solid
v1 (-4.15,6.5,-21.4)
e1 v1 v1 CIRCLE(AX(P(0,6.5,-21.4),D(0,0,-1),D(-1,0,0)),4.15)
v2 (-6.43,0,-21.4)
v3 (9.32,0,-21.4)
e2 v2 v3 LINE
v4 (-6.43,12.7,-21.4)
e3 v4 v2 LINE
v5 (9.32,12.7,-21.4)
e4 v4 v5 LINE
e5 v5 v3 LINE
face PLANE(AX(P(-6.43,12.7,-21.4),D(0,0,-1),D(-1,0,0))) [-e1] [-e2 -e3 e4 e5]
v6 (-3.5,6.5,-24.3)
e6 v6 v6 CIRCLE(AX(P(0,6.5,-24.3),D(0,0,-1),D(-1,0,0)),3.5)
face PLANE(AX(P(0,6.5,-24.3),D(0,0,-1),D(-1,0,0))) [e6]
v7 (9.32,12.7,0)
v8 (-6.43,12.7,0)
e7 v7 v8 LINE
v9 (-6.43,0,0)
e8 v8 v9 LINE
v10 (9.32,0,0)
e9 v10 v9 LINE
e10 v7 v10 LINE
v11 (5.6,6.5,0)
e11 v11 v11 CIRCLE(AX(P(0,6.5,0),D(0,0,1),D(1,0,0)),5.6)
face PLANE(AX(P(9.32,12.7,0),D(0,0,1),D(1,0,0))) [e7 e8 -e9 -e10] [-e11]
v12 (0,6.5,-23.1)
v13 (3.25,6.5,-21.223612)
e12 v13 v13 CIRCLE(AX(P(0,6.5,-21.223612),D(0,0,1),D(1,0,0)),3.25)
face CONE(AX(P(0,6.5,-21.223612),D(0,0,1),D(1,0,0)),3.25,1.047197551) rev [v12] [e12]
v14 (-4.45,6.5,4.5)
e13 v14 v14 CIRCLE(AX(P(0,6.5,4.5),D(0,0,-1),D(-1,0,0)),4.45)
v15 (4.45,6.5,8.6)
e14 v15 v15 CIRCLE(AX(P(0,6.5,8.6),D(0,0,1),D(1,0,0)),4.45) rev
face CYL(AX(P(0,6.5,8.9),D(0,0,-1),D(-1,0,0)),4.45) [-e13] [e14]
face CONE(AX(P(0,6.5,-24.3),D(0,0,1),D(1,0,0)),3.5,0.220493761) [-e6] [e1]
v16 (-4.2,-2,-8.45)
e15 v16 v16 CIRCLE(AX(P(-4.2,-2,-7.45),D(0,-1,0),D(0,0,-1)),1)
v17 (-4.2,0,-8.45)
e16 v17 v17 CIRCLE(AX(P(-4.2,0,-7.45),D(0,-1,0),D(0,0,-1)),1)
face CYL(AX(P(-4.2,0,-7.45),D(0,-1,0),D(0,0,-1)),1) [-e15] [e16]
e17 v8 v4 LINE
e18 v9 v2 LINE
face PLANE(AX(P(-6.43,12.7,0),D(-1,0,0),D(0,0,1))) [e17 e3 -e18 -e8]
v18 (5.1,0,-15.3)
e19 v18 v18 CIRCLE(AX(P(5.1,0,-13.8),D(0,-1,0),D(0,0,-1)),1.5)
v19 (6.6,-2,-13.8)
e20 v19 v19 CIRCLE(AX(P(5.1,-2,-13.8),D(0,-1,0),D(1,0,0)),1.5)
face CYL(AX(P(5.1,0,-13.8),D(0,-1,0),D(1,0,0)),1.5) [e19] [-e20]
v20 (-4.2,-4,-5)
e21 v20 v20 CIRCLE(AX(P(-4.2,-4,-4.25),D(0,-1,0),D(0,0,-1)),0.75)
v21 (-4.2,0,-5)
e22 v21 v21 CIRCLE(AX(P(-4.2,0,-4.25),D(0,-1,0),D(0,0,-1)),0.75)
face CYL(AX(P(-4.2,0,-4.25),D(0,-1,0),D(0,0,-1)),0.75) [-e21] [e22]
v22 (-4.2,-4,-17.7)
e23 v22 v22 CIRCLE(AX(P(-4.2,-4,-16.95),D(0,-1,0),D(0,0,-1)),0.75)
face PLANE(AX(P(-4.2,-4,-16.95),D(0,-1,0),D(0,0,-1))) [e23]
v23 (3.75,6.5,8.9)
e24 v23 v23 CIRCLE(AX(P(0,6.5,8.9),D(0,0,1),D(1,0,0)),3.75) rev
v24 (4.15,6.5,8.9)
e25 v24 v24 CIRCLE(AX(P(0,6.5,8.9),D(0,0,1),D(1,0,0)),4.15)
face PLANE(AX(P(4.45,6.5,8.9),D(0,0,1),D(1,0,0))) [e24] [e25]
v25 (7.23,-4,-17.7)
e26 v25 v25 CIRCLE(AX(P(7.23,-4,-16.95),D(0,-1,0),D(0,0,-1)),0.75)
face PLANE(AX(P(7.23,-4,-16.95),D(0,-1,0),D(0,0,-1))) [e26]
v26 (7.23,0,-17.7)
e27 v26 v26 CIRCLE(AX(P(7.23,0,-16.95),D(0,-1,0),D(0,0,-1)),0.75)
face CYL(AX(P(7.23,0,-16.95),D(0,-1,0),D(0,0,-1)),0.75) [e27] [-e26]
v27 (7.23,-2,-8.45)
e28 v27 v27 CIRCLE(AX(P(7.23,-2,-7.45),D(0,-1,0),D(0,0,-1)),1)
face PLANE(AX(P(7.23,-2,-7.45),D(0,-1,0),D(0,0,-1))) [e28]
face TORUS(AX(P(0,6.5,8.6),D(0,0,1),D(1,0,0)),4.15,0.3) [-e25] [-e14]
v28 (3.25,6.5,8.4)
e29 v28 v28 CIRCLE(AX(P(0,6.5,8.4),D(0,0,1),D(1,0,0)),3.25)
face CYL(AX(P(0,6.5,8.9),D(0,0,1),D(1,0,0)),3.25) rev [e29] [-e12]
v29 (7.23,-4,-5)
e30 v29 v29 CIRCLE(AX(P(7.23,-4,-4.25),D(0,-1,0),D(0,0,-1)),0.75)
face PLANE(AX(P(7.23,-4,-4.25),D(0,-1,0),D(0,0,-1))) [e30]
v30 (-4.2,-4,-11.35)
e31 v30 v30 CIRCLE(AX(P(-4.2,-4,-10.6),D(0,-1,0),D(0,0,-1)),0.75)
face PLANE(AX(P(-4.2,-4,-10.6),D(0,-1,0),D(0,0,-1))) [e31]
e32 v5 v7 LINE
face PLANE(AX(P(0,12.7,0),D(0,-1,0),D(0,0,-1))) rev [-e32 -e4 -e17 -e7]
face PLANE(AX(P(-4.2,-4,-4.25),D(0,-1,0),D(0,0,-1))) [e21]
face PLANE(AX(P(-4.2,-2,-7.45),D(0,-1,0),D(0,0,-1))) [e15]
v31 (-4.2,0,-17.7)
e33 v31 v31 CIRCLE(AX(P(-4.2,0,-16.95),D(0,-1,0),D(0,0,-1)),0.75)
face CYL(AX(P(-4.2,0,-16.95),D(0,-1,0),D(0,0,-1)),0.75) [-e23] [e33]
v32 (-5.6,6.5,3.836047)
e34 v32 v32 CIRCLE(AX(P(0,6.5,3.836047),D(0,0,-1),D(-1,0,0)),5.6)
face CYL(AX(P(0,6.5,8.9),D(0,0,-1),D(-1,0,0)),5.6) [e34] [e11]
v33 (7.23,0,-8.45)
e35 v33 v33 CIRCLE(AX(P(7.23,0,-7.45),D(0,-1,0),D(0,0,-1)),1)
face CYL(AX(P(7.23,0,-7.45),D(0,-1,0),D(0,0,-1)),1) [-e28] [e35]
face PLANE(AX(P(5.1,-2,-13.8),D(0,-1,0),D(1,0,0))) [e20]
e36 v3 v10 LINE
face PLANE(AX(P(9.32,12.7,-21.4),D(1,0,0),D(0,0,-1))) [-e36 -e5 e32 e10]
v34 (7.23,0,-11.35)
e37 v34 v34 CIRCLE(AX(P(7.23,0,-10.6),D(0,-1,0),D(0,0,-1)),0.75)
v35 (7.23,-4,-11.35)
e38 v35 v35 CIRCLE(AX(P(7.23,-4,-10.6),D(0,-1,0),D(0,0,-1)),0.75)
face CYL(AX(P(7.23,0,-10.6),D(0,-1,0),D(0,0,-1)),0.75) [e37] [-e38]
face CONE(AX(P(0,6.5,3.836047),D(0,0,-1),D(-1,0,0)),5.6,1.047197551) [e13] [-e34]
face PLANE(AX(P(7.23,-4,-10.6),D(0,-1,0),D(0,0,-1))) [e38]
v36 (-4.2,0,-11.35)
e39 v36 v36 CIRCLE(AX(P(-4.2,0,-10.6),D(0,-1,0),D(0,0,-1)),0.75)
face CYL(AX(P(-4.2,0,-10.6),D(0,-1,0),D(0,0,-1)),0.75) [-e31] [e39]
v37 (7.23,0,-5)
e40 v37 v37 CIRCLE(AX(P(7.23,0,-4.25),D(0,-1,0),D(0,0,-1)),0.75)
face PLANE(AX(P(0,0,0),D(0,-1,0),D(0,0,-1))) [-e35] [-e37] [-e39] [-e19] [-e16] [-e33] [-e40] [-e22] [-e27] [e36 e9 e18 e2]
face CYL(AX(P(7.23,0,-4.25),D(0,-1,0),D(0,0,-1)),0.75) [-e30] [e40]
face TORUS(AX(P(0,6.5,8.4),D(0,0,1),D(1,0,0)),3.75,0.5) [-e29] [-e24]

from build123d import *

# Parameters (mm, degrees)
SKETCH1_W                      = 15.75
SKETCH1_H                      = 21.4
BOSS_EXTRUDE1_DEPTH            = 12.7
SKETCH3_W                      = 0.75
SKETCH3_H                      = 4
SKETCH4_W                      = 0.75
SKETCH4_H                      = 4
SKETCH5_W                      = 0.75
SKETCH5_H                      = 4
SKETCH6_W                      = 0.75
SKETCH6_H                      = 4
SKETCH7_W                      = 0.75
SKETCH7_H                      = 4
SKETCH8_W                      = 0.75
SKETCH8_H                      = 4
SKETCH9_W                      = 1.5
SKETCH9_H                      = 2
SKETCH10_W                     = 1
SKETCH10_H                     = 2
SKETCH11_W                     = 1
SKETCH11_H                     = 2
F_6_5_6_5_DIAMETER_HOLE1_D     = 6.5
F_6_5_6_5_DIAMETER_HOLE1_DEPTH = 30.123611625
F_6_5_6_5_DIAMETER_HOLE1_TIP   = 1.876388375
FILLET1_R                      = 0.3
FILLET2_R                      = 0.5


with BuildPart() as part:
    # Sketch1 → Boss-Extrude1 (new body)
    with BuildSketch(Plane.XZ):
        with Locations((1.445, -10.7)):
            Rectangle(SKETCH1_W, SKETCH1_H)
    extrude(amount=-BOSS_EXTRUDE1_DEPTH)

    # Sketch2 → Revolve1 (revolve)
    with BuildSketch(Plane.XZ.offset(-6.5)):
        Polygon((4.15, -21.4), (0, -21.4), (0, -24.3), (3.5, -24.3), align=None)
    revolve(axis=Axis((0, 6.5, -21.4), (0, 0, -1)))

    # Sketch3 → Contact Pin #1 (revolve)
    with BuildSketch(Plane.XY.offset(-10.6)):
        with Locations((-3.825, -2)):
            Rectangle(SKETCH3_W, SKETCH3_H)
    revolve(axis=Axis((-4.2, 0, -10.6), (0, -1, 0)))

    # Sketch4 → Contact Pin #2 (revolve)
    with BuildSketch(Plane.XY.offset(-10.6)):
        with Locations((7.605, -2)):
            Rectangle(SKETCH4_W, SKETCH4_H)
    revolve(axis=Axis((7.23, 0, -10.6), (0, -1, 0)))

    # Sketch5 → Contact Pin #3 (revolve)
    with BuildSketch(Plane.XY.offset(-16.95)):
        with Locations((-3.825, -2)):
            Rectangle(SKETCH5_W, SKETCH5_H)
    revolve(axis=Axis((-4.2, 0, -16.95), (0, -1, 0)))

    # Sketch6 → Contact Pin #4 (revolve)
    with BuildSketch(Plane.XY.offset(-4.25)):
        with Locations((-3.825, -2)):
            Rectangle(SKETCH6_W, SKETCH6_H)
    revolve(axis=Axis((-4.2, 0, -4.25), (0, -1, 0)))

    # Sketch7 → Contact Pin #5 (revolve)
    with BuildSketch(Plane.XY.offset(-16.95)):
        with Locations((7.605, -2)):
            Rectangle(SKETCH7_W, SKETCH7_H)
    revolve(axis=Axis((7.23, 0, -16.95), (0, -1, 0)))

    # Sketch8 → Contact Pin #6 (revolve)
    with BuildSketch(Plane.XY.offset(-4.25)):
        with Locations((7.605, -2)):
            Rectangle(SKETCH8_W, SKETCH8_H)
    revolve(axis=Axis((7.23, 0, -4.25), (0, -1, 0)))

    # Sketch9 → Revolve8 (revolve)
    with BuildSketch(Plane.XY.offset(-13.8)):
        with Locations((5.85, -1)):
            Rectangle(SKETCH9_W, SKETCH9_H)
    revolve(axis=Axis((5.1, 0, -13.8), (0, -1, 0)))

    # Sketch10 → Revolve9 (revolve)
    with BuildSketch(Plane.XY.offset(-7.45)):
        with Locations((7.73, -1)):
            Rectangle(SKETCH10_W, SKETCH10_H)
    revolve(axis=Axis((7.23, 0, -7.45), (0, -1, 0)))

    # Sketch11 → Revolve10 (revolve)
    with BuildSketch(Plane.XY.offset(-7.45)):
        with Locations((-3.7, -1)):
            Rectangle(SKETCH11_W, SKETCH11_H)
    revolve(axis=Axis((-4.2, 0, -7.45), (0, -1, 0)))

    # Sketch12 → Revolve11 (revolve)
    with BuildSketch(Plane.XZ.offset(-6.5)):
        Polygon((4.45, 8.9), (0, 8.9), (0, 0), (5.6, 0), (5.6, 3.83604719), (4.45, 4.5), align=None)
    revolve(axis=Axis((0, 6.5, 8.9), (0, 0, -1)))

    # Ø6.5 (6.5) Diameter Hole1
    with Locations(Plane.XY.offset(8.9)):
        with Locations((0, 6.5)):
            Hole(F_6_5_6_5_DIAMETER_HOLE1_D / 2, depth=F_6_5_6_5_DIAMETER_HOLE1_DEPTH)
            with Locations((0, 0, -(F_6_5_6_5_DIAMETER_HOLE1_DEPTH + F_6_5_6_5_DIAMETER_HOLE1_TIP / 2))):  # 120° drill point
                Cone(0, F_6_5_6_5_DIAMETER_HOLE1_D / 2, F_6_5_6_5_DIAMETER_HOLE1_TIP, mode=Mode.SUBTRACT)

    # Fillet1
    fillet1_edges = [part.edges().sort_by_distance(p)[0] for p in [
        (-4.45, 6.5, 8.9),
    ]]
    fillet(fillet1_edges, radius=FILLET1_R)

    # Fillet2
    fillet2_edges = [part.edges().sort_by_distance(p)[0] for p in [
        (3.25, 6.5, 8.9),
    ]]
    fillet(fillet2_edges, radius=FILLET2_R)


solid = part.part
